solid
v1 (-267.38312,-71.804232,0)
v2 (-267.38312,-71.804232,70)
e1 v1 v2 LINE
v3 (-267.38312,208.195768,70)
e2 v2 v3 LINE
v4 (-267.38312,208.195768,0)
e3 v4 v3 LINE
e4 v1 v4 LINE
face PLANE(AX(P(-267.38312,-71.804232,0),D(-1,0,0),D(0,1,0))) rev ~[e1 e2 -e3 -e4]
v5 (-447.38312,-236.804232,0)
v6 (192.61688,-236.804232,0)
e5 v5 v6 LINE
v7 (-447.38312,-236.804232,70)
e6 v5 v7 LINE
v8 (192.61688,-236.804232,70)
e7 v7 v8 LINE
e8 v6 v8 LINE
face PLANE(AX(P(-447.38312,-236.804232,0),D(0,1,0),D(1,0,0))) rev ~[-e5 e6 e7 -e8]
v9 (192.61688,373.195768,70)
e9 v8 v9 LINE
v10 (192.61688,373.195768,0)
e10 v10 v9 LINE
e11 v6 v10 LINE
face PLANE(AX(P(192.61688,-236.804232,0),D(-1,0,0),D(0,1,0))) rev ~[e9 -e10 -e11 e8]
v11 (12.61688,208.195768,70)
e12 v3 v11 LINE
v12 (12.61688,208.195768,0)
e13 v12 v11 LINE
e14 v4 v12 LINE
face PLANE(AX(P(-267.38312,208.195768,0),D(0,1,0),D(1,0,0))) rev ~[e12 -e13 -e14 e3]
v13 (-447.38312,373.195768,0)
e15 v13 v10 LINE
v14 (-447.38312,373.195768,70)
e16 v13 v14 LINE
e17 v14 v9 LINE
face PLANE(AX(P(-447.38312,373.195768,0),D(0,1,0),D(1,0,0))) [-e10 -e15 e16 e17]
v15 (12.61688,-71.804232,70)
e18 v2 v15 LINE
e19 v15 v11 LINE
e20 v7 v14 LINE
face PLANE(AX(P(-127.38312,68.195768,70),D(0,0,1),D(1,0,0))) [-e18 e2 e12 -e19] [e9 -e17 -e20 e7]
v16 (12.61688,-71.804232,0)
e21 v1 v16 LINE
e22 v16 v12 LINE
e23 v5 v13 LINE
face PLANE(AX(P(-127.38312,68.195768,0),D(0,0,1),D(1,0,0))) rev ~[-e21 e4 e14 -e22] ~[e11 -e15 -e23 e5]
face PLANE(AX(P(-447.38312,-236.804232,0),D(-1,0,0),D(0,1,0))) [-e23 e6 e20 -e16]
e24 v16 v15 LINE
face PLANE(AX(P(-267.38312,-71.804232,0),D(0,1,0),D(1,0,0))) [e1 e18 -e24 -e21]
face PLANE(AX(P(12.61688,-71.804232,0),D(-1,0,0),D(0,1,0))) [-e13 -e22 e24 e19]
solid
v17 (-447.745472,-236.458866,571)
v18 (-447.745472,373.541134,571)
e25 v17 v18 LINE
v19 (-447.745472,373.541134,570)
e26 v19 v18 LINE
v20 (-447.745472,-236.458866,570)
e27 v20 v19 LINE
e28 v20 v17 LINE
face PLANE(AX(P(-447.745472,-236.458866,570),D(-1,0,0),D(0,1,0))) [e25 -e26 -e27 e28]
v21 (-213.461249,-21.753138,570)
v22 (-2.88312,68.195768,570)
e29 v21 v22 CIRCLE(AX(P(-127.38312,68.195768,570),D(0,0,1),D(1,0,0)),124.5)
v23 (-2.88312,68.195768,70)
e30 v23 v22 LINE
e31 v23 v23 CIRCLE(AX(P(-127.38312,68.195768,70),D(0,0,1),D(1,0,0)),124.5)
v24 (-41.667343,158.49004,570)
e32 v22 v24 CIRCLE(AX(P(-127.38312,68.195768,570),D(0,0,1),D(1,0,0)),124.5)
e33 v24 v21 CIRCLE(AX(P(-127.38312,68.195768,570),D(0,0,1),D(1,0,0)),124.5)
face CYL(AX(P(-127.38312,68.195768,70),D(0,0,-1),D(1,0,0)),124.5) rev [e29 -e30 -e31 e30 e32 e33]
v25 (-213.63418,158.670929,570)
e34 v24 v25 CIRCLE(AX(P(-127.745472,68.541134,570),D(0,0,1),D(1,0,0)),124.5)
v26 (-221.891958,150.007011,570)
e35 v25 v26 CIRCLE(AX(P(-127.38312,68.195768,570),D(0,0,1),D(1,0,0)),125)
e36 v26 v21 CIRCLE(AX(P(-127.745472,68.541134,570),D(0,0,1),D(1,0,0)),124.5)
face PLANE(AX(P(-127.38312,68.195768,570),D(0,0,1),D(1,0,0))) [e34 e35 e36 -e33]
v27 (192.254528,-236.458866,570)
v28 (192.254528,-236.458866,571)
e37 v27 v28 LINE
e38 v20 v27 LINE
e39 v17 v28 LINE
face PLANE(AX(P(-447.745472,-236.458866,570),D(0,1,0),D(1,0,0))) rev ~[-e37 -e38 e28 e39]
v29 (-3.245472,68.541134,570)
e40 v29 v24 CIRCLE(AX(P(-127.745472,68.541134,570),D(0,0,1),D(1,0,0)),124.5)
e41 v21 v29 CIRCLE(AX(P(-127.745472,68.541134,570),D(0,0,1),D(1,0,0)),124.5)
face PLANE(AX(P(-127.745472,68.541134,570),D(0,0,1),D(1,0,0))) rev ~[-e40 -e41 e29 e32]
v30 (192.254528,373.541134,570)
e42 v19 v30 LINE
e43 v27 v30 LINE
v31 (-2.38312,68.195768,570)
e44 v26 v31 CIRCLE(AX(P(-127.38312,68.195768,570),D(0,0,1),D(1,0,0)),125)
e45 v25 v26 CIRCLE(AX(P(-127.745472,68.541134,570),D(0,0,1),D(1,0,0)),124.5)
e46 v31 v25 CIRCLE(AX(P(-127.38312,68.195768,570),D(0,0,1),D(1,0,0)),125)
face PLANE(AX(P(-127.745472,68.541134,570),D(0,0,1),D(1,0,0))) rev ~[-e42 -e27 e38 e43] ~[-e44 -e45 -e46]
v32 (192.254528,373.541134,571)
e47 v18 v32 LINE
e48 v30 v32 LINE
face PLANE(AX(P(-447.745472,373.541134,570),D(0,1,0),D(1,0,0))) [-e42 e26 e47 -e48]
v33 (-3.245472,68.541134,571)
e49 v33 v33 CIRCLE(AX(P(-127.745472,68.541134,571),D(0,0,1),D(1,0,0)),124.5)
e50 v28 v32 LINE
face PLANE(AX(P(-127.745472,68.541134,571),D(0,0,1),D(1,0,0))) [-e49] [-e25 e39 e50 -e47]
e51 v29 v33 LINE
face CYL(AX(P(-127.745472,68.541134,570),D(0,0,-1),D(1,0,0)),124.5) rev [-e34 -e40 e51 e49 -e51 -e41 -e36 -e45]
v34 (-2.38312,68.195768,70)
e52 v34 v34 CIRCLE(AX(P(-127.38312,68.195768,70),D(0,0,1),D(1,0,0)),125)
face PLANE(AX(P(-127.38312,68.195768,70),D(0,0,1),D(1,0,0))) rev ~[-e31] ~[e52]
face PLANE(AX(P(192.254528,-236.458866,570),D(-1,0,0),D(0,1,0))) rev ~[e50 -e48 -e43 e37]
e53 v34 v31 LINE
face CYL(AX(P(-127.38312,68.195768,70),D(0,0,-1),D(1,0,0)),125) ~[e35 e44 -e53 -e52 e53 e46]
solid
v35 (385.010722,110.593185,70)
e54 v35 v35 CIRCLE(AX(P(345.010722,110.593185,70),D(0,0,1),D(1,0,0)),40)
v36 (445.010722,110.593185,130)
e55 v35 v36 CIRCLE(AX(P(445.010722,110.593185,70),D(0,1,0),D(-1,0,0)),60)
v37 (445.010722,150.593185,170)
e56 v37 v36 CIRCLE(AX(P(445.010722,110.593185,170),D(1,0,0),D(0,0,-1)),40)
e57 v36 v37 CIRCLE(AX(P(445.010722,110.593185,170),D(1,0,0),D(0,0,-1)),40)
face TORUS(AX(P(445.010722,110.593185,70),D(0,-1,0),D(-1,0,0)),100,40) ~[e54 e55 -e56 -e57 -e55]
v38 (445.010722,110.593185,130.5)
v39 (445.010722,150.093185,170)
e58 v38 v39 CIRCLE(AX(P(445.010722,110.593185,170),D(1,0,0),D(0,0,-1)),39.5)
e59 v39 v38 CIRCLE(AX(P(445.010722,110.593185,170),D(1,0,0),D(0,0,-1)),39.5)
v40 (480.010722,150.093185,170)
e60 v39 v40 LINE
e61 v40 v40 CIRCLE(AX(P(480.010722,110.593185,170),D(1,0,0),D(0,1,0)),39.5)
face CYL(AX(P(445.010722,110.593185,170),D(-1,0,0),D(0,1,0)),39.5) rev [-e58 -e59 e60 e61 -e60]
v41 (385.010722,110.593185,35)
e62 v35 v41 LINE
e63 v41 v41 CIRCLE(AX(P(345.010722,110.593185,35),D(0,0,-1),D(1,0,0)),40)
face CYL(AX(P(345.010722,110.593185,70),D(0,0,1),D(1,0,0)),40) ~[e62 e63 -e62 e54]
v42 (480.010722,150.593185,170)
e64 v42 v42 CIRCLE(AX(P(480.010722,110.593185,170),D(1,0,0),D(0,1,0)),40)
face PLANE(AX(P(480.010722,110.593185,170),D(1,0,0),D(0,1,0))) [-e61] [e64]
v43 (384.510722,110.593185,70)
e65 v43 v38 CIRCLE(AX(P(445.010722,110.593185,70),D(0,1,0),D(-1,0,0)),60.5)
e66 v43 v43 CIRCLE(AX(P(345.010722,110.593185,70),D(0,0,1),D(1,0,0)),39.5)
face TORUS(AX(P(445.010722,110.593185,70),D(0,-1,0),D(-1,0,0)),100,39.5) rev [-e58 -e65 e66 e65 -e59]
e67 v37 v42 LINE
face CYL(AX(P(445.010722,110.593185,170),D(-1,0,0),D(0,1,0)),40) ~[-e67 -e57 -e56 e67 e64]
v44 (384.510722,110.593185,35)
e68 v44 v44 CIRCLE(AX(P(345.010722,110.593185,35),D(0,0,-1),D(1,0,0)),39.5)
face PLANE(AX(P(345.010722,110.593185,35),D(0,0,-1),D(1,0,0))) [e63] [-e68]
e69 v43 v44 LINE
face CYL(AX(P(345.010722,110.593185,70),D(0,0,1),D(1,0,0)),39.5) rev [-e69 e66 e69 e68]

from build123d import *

# Parameters (mm, degrees)
F0_W      = 640
F0_H      = 610
F0_W_2    = 280
F0_H_2    = 280
F1_DEPTH  = 70
F2_R      = 125
F2_R_2    = 124.5
F3_DEPTH  = 500
F4_R      = 40
F4_R_2    = 39.5
F5_ANGLE  = -90
F6_R      = 40
F6_R_2    = 39.5
F7_DEPTH  = 35
F8_R      = 40
F8_R_2    = 39.5
F9_DEPTH  = 35
F10_W     = 640
F10_H     = 610
F10_R     = 124.5
F11_DEPTH = 1


with BuildPart() as f1:
    # F0 (on Top) → F1 (new body)
    with BuildSketch(Plane.XY):
        with Locations((-127.38312, 68.195768)):
            Rectangle(F0_W, F0_H)
        with Locations((-127.38312, 68.195768)):
            Rectangle(F0_W_2, F0_H_2, mode=Mode.SUBTRACT)
    extrude(amount=F1_DEPTH)


with BuildPart() as f3:
    # F2 (on face) → F3 (new body)
    with BuildSketch(Plane.XY.offset(70)):
        with Locations((-127.38312, 68.195768)):
            Circle(F2_R)
        with Locations((-127.38312, 68.195768)):
            Circle(F2_R_2, mode=Mode.SUBTRACT)
    extrude(amount=F3_DEPTH)

    # F10 (on face) → F11 (join)
    with BuildSketch(Plane.XY.offset(570)):
        with Locations((-127.745472, 68.541134)):
            Rectangle(F10_W, F10_H)
        with Locations((-127.745472, 68.541134)):
            Circle(F10_R, mode=Mode.SUBTRACT)
    extrude(amount=F11_DEPTH)


with BuildPart() as f5:
    # F4 (on face) → F5 (revolve)
    with BuildSketch(Plane.XY.offset(70)):
        with Locations((345.010722, 110.593185)):
            Circle(F4_R)
        with Locations((345.010722, 110.593185)):
            Circle(F4_R_2, mode=Mode.SUBTRACT)
    revolve(axis=Axis((445.010722, 110.443847, 70), (0, -1, 0)), revolution_arc=F5_ANGLE)

    # F6 (on face) → F7 (join)
    with BuildSketch(Plane.YZ.offset(445.010722)):
        with Locations((110.593185, 170)):
            Circle(F6_R)
        with Locations((110.593185, 170)):
            Circle(F6_R_2, mode=Mode.SUBTRACT)
    extrude(amount=F7_DEPTH)

    # F8 (on face) → F9 (join)
    with BuildSketch(Plane(origin=(0, 0, 70), x_dir=(1, 0, 0), z_dir=(0, 0, -1))):
        with Locations((345.010722, -110.593185)):
            Circle(F8_R)
        with Locations((345.010722, -110.593185)):
            Circle(F8_R_2, mode=Mode.SUBTRACT)
    extrude(amount=F9_DEPTH)


solid = Compound([f1.part, f3.part, f5.part])
